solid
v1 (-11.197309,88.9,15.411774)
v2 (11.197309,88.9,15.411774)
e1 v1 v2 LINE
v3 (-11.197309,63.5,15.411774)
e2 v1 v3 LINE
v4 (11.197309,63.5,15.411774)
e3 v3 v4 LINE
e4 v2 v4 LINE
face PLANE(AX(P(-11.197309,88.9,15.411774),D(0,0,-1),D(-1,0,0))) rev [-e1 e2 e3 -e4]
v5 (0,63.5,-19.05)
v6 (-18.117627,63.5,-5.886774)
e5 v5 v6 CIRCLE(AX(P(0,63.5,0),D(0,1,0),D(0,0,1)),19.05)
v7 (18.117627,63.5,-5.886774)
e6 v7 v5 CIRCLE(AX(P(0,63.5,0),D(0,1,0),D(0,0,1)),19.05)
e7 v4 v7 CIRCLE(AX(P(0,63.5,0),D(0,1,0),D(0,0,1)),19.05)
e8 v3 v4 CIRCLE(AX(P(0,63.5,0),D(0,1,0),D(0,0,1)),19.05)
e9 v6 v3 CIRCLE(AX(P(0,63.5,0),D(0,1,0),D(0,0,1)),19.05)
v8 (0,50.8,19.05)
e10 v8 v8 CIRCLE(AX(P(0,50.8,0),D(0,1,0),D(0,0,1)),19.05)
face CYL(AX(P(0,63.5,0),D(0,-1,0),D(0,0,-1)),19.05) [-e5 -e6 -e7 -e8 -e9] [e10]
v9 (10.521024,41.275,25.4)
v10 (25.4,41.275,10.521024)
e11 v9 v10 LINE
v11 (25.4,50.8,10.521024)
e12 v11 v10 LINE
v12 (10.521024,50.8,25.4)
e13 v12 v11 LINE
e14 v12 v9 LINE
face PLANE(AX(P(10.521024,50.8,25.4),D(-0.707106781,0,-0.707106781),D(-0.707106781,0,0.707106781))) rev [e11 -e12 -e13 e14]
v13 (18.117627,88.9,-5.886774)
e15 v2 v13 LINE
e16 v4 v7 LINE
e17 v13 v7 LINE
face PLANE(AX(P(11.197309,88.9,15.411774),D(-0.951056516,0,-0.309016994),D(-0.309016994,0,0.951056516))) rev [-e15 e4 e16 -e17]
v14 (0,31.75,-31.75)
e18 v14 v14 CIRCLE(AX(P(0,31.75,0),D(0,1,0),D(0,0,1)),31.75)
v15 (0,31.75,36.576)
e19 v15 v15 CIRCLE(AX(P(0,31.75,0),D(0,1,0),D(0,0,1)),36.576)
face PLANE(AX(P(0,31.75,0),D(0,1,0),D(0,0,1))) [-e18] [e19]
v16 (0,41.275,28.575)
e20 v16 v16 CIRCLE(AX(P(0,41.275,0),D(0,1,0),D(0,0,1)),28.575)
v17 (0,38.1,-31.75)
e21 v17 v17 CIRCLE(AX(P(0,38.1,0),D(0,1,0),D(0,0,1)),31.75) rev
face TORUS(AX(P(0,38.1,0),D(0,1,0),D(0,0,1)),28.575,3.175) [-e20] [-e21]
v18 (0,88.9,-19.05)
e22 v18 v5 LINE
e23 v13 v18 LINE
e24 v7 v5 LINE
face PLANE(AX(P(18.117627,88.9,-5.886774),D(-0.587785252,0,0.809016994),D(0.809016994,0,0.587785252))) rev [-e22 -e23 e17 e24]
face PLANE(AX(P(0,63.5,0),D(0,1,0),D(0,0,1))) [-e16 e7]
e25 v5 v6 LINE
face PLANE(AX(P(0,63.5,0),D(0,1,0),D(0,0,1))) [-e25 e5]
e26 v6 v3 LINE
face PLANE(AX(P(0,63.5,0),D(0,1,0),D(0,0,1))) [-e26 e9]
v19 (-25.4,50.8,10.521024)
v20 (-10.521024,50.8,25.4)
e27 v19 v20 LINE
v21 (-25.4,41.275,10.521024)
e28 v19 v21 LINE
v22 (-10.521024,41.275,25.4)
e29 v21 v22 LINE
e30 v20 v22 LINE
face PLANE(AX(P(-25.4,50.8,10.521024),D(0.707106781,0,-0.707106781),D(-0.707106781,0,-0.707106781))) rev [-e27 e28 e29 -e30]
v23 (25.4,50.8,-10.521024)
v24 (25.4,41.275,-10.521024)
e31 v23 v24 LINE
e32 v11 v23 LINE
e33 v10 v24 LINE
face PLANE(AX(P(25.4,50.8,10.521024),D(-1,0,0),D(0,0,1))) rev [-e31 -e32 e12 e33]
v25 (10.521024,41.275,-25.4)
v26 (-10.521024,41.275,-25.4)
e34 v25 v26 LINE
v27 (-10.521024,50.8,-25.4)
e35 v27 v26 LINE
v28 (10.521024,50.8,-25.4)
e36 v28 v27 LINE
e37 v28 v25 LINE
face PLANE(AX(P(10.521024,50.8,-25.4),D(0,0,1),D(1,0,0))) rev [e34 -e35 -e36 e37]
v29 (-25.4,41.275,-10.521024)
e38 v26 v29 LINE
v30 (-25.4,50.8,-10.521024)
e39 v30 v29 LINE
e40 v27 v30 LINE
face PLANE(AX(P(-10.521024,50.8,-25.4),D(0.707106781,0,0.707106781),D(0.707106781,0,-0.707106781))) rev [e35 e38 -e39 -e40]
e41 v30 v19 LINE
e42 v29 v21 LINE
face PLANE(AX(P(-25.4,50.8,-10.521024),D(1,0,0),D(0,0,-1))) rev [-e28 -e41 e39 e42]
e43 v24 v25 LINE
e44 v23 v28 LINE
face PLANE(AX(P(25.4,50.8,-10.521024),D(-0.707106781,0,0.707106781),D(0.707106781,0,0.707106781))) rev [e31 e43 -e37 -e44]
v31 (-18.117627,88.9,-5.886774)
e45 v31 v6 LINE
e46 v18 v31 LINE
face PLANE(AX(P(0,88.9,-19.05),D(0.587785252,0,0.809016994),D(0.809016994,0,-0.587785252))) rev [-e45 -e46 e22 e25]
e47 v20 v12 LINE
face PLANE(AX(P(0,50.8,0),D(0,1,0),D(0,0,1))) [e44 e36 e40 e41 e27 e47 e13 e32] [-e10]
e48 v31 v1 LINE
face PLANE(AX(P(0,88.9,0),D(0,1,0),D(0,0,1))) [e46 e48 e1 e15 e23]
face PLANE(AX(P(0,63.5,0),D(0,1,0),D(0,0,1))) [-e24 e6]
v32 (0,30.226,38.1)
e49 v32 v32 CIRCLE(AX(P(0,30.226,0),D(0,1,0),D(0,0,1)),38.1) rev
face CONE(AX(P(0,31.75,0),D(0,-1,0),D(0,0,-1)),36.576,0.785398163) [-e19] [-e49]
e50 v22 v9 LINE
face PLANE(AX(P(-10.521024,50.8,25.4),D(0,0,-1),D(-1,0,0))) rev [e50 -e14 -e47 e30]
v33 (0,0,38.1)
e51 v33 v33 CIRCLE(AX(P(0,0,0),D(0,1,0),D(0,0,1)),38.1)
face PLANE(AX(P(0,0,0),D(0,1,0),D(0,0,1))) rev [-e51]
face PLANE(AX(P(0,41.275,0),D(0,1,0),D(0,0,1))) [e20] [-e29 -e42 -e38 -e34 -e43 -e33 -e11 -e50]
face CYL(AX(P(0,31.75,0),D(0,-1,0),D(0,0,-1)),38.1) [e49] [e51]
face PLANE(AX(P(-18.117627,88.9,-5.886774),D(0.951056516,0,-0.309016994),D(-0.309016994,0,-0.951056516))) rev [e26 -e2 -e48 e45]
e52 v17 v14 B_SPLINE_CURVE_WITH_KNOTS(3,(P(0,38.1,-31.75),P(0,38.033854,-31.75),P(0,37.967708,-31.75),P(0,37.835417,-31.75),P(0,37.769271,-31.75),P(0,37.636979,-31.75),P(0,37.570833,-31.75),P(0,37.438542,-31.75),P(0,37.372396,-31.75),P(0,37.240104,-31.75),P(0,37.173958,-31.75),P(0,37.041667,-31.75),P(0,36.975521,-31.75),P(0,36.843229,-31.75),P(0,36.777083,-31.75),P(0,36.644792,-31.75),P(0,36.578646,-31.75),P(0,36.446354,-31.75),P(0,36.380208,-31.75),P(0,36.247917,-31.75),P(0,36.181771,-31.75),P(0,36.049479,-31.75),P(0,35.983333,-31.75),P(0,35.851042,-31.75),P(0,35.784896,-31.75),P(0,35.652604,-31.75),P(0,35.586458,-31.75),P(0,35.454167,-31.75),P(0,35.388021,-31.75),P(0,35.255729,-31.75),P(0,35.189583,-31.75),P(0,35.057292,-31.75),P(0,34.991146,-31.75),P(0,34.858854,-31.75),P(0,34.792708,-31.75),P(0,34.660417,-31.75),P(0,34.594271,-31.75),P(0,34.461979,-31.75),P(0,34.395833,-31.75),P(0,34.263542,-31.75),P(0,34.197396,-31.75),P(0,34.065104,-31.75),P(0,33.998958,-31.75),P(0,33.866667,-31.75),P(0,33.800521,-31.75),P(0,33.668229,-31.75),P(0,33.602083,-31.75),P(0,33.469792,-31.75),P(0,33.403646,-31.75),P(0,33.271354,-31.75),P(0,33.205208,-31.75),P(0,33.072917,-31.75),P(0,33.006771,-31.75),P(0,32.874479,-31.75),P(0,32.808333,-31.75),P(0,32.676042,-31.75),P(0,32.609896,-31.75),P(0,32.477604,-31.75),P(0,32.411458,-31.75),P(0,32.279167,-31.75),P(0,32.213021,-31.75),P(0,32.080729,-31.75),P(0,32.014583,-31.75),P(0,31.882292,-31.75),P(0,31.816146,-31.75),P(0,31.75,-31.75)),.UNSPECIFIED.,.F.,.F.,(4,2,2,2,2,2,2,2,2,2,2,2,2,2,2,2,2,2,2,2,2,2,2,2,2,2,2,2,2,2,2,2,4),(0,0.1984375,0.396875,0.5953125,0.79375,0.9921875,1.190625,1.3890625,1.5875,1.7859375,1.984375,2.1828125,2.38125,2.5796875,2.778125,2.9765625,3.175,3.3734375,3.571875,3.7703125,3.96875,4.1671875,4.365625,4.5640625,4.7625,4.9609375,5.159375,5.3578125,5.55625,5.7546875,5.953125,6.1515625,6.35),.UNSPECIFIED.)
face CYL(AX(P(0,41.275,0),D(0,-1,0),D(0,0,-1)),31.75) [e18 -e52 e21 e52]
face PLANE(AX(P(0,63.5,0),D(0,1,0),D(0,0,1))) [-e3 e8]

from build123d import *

# Parameters (mm, degrees)
SKETCH2_R           = 38.1
BOSS_EXTRUDE1_DEPTH = 31.75
CHAMFER1_SIZE       = 1.524
SKETCH3_R           = 31.75
BOSS_EXTRUDE3_DEPTH = 9.525
FILLET1_R           = 3.175
BOSS_EXTRUDE4_DEPTH = 9.525
SKETCH5_R           = 19.05
BOSS_EXTRUDE5_DEPTH = 12.7
BOSS_EXTRUDE6_DEPTH = 25.4


with BuildPart() as part:
    # Sketch2 → Boss-Extrude1 (new body)
    with BuildSketch(Plane(origin=(0, 0, 0), x_dir=(1, 0, 0), z_dir=(0, 1, 0))):
        with Locations(Location((0, 0, 0), (0, 0, 270))):
            Circle(SKETCH2_R)
    extrude(amount=BOSS_EXTRUDE1_DEPTH)

    # Chamfer1
    chamfer1_edges = [part.edges().sort_by_distance(p)[0] for p in [
        (0, 31.75, -38.1),
    ]]
    chamfer(chamfer1_edges, length=CHAMFER1_SIZE)

    # Sketch3 → Boss-Extrude3 (add)
    with BuildSketch(Plane(origin=(0, 31.75, 0), x_dir=(1, 0, 0), z_dir=(0, 1, 0))):
        with Locations(Location((0, 0, 0), (0, 0, 90))):
            Circle(SKETCH3_R)
    extrude(amount=BOSS_EXTRUDE3_DEPTH)

    # Fillet1
    fillet1_edges = [part.edges().sort_by_distance(p)[0] for p in [
        (0, 41.275, 31.75),
    ]]
    fillet(fillet1_edges, radius=FILLET1_R)

    # Sketch4 → Boss-Extrude4 (add)
    with BuildSketch(Plane(origin=(0, 41.275, 0), x_dir=(1, 0, 0), z_dir=(0, 1, 0))):
        Polygon((25.4, 10.521024484), (10.521024484, 25.4), (-10.521024484, 25.4), (-25.4, 10.521024484), (-25.4, -10.521024484), (-10.521024484, -25.4), (10.521024484, -25.4), (25.4, -10.521024484), align=None)
    extrude(amount=BOSS_EXTRUDE4_DEPTH)

    # Sketch5 → Boss-Extrude5 (add)
    with BuildSketch(Plane(origin=(0, 50.8, 0), x_dir=(1, 0, 0), z_dir=(0, 1, 0))):
        with Locations(Location((0, 0, 0), (0, 0, 270))):
            Circle(SKETCH5_R)
    extrude(amount=BOSS_EXTRUDE5_DEPTH)

    # Sketch6 → Boss-Extrude6 (add)
    with BuildSketch(Plane(origin=(0, 63.5, 0), x_dir=(1, 0, 0), z_dir=(0, 1, 0))):
        Polygon((-11.197309056, -15.411773743), (11.197309056, -15.411773743), (18.117626635, 5.886773743), (0, 19.05), (-18.117626635, 5.886773743), align=None)
    extrude(amount=BOSS_EXTRUDE6_DEPTH)


solid = part.part
